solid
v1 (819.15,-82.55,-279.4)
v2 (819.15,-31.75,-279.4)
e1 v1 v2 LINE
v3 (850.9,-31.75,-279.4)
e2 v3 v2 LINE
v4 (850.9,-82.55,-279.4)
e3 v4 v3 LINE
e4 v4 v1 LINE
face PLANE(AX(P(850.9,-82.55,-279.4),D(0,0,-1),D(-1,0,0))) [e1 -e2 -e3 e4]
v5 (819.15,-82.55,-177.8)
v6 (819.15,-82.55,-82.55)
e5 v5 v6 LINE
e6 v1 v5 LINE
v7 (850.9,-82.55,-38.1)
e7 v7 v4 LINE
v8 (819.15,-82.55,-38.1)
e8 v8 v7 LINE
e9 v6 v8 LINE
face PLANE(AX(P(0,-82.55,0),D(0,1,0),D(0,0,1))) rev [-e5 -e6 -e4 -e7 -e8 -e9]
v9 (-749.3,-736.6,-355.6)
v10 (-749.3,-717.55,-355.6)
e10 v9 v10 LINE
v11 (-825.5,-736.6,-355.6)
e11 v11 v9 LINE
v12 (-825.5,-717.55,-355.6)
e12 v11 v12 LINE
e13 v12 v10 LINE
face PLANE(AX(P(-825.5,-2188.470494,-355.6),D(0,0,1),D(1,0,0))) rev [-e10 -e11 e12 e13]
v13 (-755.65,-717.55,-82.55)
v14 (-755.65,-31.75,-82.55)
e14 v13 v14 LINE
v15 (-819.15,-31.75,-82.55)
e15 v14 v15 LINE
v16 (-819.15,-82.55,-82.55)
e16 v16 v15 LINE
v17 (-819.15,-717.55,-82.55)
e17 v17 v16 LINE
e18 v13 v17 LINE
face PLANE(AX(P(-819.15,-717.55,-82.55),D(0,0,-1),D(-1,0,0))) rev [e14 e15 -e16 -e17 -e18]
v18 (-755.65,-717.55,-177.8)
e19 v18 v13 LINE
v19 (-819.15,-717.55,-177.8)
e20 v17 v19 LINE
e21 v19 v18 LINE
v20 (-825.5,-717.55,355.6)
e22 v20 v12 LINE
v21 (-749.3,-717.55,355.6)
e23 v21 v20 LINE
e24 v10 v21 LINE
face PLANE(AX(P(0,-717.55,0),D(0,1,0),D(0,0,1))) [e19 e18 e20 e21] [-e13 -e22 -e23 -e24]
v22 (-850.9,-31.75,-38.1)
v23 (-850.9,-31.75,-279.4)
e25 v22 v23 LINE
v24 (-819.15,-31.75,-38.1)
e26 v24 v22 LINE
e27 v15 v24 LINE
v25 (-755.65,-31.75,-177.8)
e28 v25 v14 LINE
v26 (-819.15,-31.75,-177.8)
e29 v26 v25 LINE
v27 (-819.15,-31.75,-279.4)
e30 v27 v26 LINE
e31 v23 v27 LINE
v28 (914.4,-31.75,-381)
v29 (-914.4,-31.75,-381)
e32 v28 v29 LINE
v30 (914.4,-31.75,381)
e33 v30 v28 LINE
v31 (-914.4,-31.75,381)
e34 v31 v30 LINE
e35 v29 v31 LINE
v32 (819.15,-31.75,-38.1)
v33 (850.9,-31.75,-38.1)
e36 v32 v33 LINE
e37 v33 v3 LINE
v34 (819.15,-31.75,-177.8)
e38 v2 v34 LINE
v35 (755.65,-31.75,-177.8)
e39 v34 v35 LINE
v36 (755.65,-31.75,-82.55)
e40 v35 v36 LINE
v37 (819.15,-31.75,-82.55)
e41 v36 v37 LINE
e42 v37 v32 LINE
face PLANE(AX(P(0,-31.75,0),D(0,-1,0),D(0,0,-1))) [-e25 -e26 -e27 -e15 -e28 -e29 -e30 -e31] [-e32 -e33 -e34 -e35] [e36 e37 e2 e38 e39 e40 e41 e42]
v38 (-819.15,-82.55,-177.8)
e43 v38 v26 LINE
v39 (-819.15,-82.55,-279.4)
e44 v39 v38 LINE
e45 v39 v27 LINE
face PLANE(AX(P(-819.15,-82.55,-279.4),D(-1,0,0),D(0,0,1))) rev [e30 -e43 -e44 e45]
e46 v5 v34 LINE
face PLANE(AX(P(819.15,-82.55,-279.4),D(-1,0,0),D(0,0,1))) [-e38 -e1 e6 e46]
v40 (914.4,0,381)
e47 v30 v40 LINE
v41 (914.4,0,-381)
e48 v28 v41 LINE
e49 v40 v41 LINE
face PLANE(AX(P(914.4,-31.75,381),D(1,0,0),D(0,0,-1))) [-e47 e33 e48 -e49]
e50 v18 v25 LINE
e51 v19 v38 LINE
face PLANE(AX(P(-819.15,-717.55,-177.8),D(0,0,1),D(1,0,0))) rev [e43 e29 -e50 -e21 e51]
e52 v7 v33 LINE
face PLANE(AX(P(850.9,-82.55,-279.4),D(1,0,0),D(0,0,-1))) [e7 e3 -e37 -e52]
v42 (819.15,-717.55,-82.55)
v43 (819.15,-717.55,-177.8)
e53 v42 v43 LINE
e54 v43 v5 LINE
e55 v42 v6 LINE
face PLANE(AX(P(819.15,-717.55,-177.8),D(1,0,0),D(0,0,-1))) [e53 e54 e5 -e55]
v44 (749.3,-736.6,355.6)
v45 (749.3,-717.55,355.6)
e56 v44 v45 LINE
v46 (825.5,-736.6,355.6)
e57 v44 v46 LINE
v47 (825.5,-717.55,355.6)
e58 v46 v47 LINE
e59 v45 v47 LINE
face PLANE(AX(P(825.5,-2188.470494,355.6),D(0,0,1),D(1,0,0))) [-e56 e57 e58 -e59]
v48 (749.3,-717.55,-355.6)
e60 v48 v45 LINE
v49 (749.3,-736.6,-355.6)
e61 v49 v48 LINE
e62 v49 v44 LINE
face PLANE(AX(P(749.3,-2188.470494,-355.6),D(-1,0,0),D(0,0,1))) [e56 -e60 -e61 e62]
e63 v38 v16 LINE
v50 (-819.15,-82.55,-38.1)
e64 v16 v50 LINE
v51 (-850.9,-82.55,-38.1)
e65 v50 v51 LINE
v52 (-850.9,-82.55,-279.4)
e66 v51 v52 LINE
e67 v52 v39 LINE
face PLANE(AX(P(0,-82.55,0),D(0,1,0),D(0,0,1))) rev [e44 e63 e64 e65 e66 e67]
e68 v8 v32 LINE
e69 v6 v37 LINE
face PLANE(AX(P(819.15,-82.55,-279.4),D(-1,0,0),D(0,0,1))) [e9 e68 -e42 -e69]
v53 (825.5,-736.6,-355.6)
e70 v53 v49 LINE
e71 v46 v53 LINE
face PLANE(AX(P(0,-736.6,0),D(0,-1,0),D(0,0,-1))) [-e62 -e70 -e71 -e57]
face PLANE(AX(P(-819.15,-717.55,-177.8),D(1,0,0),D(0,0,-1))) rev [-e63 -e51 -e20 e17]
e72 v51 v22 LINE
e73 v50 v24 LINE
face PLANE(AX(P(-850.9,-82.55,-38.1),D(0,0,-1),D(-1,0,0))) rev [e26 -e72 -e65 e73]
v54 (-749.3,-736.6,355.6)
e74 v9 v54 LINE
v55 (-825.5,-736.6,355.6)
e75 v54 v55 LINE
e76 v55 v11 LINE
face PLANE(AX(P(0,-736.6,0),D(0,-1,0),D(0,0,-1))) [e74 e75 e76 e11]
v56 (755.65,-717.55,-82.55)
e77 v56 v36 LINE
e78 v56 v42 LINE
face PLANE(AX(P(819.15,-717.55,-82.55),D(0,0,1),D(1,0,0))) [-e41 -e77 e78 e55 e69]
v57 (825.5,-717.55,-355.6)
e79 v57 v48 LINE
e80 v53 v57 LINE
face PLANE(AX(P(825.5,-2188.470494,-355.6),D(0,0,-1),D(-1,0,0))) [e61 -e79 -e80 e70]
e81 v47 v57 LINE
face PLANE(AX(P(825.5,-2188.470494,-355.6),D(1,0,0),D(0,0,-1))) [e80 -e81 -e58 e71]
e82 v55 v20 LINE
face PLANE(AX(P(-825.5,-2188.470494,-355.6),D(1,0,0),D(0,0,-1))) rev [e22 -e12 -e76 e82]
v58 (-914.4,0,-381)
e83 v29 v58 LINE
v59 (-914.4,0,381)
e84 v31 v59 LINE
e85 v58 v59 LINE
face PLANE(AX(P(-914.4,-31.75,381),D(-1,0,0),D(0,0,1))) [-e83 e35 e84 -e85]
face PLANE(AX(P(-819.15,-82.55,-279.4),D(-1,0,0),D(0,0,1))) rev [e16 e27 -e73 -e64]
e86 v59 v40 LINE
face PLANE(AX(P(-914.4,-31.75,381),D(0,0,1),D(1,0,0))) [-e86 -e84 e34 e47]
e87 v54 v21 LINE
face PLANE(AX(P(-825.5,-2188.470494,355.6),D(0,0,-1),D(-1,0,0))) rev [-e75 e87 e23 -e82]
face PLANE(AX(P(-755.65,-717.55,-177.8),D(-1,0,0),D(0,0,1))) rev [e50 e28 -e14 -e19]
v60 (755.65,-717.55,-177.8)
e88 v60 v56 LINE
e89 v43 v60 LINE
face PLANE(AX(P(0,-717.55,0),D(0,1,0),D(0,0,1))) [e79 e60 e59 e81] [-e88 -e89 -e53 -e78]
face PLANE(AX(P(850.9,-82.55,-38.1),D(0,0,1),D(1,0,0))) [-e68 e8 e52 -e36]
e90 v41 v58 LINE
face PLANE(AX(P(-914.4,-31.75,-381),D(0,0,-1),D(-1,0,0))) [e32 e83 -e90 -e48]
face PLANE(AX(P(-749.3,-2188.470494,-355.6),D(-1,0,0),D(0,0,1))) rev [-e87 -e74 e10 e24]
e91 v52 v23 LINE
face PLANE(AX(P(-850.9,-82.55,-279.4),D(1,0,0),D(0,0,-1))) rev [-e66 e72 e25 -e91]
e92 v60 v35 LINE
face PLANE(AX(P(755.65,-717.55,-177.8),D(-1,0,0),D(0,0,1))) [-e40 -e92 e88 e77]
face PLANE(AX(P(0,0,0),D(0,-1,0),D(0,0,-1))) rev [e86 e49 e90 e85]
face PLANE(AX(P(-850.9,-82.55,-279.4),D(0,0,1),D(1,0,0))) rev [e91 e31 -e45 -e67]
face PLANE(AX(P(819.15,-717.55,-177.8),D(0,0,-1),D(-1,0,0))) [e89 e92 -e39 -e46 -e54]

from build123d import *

# Parameters (mm, degrees)
SKETCH1_W           = 1828.8
SKETCH1_H           = 762
BOSS_EXTRUDE1_DEPTH = 31.75
SKETCH2_W           = 31.75
SKETCH2_H           = 241.3
BOSS_EXTRUDE2_DEPTH = 50.8
SKETCH3_W           = 63.5
SKETCH3_H           = 95.25
BOSS_EXTRUDE3_DEPTH = 685.8
SKETCH4_W           = 76.2
SKETCH4_H           = 711.2
BOSS_EXTRUDE4_DEPTH = 19.05


with BuildPart() as part:
    # Sketch1 → Boss-Extrude1 (new body)
    with BuildSketch(Plane(origin=(0, 0, 0), x_dir=(1, 0, 0), z_dir=(0, 1, 0))):
        Rectangle(SKETCH1_W, SKETCH1_H)
    extrude(amount=-BOSS_EXTRUDE1_DEPTH)

    # Sketch2 → Boss-Extrude2 (add)
    with BuildSketch(Plane.XZ.offset(31.75)):
        with Locations((-835.025, -158.75)):
            Rectangle(SKETCH2_W, SKETCH2_H)
    boss_extrude2 = extrude(amount=BOSS_EXTRUDE2_DEPTH)

    # Sketch3 → Boss-Extrude3 (add)
    with BuildSketch(Plane.XZ.offset(31.75)):
        with Locations((-787.4, -130.175)):
            Rectangle(SKETCH3_W, SKETCH3_H)
    boss_extrude3 = extrude(amount=BOSS_EXTRUDE3_DEPTH)

    # Sketch4 → Boss-Extrude4 (add)
    with BuildSketch(Plane.XZ.offset(717.55)):
        with Locations((-787.4, 0)):
            Rectangle(SKETCH4_W, SKETCH4_H)
    boss_extrude4 = extrude(amount=BOSS_EXTRUDE4_DEPTH)

    # Mirror1: Boss-Extrude2, Boss-Extrude3, Boss-Extrude4 across plane
    add(boss_extrude2.mirror(Plane(origin=(0, 0, 0), x_dir=(0, 0, 1), z_dir=(1, 0, 0))))
    add(boss_extrude3.mirror(Plane(origin=(0, 0, 0), x_dir=(0, 0, 1), z_dir=(1, 0, 0))))
    add(boss_extrude4.mirror(Plane(origin=(0, 0, 0), x_dir=(0, 0, 1), z_dir=(1, 0, 0))))


solid = part.part
